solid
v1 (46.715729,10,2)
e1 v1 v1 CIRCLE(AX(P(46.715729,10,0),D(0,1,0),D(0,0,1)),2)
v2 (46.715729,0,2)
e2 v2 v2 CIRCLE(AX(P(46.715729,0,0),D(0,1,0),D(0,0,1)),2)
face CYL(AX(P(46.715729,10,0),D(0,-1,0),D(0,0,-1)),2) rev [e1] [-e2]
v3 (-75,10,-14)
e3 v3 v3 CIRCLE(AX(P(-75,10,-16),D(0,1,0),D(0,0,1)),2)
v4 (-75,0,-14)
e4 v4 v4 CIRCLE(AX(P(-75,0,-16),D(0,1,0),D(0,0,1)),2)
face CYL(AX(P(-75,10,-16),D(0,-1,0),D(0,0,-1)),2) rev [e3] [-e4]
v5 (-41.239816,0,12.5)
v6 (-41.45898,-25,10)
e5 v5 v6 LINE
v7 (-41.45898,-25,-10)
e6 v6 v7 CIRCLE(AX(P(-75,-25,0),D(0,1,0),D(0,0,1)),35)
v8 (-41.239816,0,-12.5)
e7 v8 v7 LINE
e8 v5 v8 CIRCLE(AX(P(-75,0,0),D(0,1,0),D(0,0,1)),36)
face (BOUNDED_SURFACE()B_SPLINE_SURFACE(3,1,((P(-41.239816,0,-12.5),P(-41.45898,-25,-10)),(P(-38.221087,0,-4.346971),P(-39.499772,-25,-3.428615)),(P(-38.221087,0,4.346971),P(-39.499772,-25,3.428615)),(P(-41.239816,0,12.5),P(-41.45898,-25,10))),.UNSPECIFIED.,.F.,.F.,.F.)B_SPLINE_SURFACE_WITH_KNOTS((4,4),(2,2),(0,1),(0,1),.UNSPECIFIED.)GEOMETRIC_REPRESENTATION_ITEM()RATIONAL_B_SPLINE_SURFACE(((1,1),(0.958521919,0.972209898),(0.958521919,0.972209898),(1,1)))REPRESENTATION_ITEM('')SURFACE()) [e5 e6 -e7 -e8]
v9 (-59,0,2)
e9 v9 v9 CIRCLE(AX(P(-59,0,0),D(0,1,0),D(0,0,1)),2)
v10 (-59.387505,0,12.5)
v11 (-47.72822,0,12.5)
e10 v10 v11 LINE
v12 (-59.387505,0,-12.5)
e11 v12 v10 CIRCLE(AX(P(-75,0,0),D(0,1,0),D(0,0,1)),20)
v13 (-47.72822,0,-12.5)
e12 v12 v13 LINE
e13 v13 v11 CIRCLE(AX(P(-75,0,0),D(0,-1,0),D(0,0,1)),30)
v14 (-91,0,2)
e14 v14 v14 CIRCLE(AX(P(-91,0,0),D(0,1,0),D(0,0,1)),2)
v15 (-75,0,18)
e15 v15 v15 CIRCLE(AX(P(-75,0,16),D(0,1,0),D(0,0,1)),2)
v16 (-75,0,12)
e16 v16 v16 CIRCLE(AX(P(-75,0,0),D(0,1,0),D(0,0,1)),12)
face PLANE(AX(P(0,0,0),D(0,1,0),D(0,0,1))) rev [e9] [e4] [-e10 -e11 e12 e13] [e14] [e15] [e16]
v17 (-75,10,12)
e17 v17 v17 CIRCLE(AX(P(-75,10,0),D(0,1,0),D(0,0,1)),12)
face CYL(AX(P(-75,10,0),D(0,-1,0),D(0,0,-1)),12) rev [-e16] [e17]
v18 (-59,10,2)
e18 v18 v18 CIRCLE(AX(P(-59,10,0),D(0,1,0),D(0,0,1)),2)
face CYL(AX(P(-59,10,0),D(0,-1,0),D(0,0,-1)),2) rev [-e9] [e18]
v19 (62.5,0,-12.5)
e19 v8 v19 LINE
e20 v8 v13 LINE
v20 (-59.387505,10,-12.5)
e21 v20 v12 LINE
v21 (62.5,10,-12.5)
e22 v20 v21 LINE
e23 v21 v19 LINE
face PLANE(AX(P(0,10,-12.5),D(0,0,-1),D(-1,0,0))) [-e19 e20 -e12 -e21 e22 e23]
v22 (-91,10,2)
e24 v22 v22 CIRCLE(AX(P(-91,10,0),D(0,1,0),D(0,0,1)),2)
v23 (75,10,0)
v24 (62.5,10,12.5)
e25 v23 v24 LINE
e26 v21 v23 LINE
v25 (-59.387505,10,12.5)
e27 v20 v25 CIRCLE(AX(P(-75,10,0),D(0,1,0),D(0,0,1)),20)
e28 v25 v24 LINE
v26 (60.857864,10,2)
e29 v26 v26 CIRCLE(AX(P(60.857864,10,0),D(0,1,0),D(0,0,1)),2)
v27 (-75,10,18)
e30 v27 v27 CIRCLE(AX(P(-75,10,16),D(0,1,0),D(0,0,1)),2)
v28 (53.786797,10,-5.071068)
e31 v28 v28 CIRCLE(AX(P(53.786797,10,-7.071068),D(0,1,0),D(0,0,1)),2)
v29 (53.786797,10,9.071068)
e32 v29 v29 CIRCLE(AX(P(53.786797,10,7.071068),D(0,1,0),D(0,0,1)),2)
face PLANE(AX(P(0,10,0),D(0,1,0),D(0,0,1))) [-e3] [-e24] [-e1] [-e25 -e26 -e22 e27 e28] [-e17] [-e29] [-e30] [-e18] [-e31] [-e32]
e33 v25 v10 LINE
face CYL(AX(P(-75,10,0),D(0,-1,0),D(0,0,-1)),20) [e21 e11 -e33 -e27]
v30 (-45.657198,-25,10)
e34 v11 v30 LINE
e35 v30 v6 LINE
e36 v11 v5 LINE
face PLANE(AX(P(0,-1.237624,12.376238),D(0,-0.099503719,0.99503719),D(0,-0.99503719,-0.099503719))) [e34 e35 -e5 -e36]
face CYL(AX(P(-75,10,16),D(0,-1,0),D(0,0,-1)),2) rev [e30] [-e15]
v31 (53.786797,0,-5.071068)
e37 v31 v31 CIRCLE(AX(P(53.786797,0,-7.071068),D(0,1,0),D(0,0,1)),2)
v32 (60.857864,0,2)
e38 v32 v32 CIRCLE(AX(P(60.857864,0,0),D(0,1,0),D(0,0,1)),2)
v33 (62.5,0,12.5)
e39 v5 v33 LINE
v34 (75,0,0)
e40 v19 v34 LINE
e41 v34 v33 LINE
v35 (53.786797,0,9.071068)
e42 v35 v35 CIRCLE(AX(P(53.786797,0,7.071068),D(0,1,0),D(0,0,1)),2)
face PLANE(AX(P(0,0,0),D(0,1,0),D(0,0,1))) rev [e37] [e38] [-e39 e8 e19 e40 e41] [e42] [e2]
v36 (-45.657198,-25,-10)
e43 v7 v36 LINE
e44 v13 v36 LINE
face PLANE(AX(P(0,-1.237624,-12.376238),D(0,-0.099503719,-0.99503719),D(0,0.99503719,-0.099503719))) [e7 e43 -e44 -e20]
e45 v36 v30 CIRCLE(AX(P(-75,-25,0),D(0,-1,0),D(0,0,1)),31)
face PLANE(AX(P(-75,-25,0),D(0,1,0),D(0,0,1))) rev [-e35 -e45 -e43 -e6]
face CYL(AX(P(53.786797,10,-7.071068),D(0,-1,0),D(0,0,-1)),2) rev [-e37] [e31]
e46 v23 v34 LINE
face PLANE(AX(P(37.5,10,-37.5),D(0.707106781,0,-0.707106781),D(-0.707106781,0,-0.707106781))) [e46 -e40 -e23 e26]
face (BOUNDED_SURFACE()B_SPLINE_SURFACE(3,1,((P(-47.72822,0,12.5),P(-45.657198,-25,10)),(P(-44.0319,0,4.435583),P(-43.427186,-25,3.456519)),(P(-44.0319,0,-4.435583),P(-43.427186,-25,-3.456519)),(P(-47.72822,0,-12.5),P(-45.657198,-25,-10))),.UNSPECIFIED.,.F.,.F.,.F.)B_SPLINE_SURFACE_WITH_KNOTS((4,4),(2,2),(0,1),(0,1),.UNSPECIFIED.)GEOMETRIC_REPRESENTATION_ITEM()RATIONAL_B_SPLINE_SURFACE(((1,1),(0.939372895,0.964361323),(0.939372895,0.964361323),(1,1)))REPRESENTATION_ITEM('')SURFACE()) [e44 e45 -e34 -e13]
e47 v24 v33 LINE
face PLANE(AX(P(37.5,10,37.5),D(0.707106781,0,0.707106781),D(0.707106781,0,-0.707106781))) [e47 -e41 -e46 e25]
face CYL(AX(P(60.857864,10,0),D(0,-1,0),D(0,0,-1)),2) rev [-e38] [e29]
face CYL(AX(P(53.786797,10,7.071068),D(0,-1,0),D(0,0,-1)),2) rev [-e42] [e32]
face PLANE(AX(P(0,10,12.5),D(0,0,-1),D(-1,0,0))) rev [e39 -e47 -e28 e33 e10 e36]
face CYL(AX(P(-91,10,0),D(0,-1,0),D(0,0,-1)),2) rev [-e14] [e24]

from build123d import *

# Parameters (mm, degrees)
SKETCH_1_R          = 2
EXTRUDE_1_DEPTH     = 10
SKETCH_2_R          = 2
CUT_EXTRUDE_1_DEPTH = 10


with BuildPart() as part:
    # 스케치1 → 보스-돌출1 (new body)
    with BuildSketch(Plane(origin=(0, 0, 0), x_dir=(1, 0, 0), z_dir=(0, 1, 0))):
        with BuildLine():
            ThreePointArc((-59.387505004, 12.5), (-95, 0), (-59.387505004, -12.5))
            Line((-59.387505004, -12.5), (62.5, -12.5))
            Line((62.5, -12.5), (75, 0))
            Line((75, 0), (62.5, 12.5))
            Line((62.5, 12.5), (-59.387505004, 12.5))
        make_face()
        with Locations(Location((-75, -16, 0), (0, 0, 270))):
            Circle(SKETCH_1_R, mode=Mode.SUBTRACT)
        with Locations(Location((-91, 0, 0), (0, 0, 270))):
            Circle(SKETCH_1_R, mode=Mode.SUBTRACT)
        with BuildLine():
            ThreePointArc((-75, 12), (-66.514718626, 8.485281374), (-63, 0))
            ThreePointArc((-63, 0), (-83.485281374, -8.485281374), (-75, 12))
        make_face(mode=Mode.SUBTRACT)
        with BuildLine():
            ThreePointArc((-61, 0), (-59, 2), (-57, 0))
            ThreePointArc((-57, 0), (-59, -2), (-61, 0))
        make_face(mode=Mode.SUBTRACT)
        with Locations(Location((-75, 16, 0), (0, 0, 270))):
            Circle(SKETCH_1_R, mode=Mode.SUBTRACT)
    extrude(amount=EXTRUDE_1_DEPTH)

    # 스케치2 → 컷-돌출1 (cut)
    with BuildSketch(Plane(origin=(0, 0, 0), x_dir=(1, 0, 0), z_dir=(0, 1, 0))):
        with Locations(Location((53.786796564, 7.071067812, 0), (0, 0, 270))):
            Circle(SKETCH_2_R)
        with Locations(Location((60.857864376, 0, 0), (0, 0, 270))):
            Circle(SKETCH_2_R)
        with Locations(Location((46.715728753, 0, 0), (0, 0, 270))):
            Circle(SKETCH_2_R)
        with Locations(Location((53.786796564, -7.071067812, 0), (0, 0, 270))):
            Circle(SKETCH_2_R)
    extrude(amount=CUT_EXTRUDE_1_DEPTH, mode=Mode.SUBTRACT)

    # 스케치3 for 로프트1 → 로프트1 section 0
    with BuildSketch(Plane(origin=(0, 0, 0), x_dir=(1, 0, 0), z_dir=(0, 1, 0))):
        with BuildLine():
            Line((-41.239816351, 12.5), (-47.728219713, 12.5))
            # circular arc as an exact rational Bezier (weights 1, cos(half-angle), 1)
            Bezier((-47.728219713, 12.5), (-41.998854107, 0), (-47.728219713, -12.5), weights=[1, 0.909059343, 1])
            Line((-47.728219713, -12.5), (-41.239816351, -12.5))
            Bezier((-41.239816351, -12.5), (-36.611583234, 0), (-41.239816351, 12.5), weights=[1, 0.937782879, 1])
        make_face()
    # 스케치4 for 로프트1 → 로프트1 section 1
    with BuildSketch(Plane(origin=(0, -25, 0), x_dir=(1, 0, 0), z_dir=(0, 1, 0))):
        with BuildLine():
            Line((-45.657198498, -10), (-41.458980338, -10))
            Bezier((-41.458980338, -10), (-38.477556368, 0), (-41.458980338, 10), weights=[1, 0.958314847, 1])
            Line((-41.458980338, 10), (-45.657198498, 10))
            Bezier((-45.657198498, 10), (-42.249207615, 0), (-45.657198498, -10), weights=[1, 0.946541984, 1])
        make_face()
    loft()


solid = part.part
